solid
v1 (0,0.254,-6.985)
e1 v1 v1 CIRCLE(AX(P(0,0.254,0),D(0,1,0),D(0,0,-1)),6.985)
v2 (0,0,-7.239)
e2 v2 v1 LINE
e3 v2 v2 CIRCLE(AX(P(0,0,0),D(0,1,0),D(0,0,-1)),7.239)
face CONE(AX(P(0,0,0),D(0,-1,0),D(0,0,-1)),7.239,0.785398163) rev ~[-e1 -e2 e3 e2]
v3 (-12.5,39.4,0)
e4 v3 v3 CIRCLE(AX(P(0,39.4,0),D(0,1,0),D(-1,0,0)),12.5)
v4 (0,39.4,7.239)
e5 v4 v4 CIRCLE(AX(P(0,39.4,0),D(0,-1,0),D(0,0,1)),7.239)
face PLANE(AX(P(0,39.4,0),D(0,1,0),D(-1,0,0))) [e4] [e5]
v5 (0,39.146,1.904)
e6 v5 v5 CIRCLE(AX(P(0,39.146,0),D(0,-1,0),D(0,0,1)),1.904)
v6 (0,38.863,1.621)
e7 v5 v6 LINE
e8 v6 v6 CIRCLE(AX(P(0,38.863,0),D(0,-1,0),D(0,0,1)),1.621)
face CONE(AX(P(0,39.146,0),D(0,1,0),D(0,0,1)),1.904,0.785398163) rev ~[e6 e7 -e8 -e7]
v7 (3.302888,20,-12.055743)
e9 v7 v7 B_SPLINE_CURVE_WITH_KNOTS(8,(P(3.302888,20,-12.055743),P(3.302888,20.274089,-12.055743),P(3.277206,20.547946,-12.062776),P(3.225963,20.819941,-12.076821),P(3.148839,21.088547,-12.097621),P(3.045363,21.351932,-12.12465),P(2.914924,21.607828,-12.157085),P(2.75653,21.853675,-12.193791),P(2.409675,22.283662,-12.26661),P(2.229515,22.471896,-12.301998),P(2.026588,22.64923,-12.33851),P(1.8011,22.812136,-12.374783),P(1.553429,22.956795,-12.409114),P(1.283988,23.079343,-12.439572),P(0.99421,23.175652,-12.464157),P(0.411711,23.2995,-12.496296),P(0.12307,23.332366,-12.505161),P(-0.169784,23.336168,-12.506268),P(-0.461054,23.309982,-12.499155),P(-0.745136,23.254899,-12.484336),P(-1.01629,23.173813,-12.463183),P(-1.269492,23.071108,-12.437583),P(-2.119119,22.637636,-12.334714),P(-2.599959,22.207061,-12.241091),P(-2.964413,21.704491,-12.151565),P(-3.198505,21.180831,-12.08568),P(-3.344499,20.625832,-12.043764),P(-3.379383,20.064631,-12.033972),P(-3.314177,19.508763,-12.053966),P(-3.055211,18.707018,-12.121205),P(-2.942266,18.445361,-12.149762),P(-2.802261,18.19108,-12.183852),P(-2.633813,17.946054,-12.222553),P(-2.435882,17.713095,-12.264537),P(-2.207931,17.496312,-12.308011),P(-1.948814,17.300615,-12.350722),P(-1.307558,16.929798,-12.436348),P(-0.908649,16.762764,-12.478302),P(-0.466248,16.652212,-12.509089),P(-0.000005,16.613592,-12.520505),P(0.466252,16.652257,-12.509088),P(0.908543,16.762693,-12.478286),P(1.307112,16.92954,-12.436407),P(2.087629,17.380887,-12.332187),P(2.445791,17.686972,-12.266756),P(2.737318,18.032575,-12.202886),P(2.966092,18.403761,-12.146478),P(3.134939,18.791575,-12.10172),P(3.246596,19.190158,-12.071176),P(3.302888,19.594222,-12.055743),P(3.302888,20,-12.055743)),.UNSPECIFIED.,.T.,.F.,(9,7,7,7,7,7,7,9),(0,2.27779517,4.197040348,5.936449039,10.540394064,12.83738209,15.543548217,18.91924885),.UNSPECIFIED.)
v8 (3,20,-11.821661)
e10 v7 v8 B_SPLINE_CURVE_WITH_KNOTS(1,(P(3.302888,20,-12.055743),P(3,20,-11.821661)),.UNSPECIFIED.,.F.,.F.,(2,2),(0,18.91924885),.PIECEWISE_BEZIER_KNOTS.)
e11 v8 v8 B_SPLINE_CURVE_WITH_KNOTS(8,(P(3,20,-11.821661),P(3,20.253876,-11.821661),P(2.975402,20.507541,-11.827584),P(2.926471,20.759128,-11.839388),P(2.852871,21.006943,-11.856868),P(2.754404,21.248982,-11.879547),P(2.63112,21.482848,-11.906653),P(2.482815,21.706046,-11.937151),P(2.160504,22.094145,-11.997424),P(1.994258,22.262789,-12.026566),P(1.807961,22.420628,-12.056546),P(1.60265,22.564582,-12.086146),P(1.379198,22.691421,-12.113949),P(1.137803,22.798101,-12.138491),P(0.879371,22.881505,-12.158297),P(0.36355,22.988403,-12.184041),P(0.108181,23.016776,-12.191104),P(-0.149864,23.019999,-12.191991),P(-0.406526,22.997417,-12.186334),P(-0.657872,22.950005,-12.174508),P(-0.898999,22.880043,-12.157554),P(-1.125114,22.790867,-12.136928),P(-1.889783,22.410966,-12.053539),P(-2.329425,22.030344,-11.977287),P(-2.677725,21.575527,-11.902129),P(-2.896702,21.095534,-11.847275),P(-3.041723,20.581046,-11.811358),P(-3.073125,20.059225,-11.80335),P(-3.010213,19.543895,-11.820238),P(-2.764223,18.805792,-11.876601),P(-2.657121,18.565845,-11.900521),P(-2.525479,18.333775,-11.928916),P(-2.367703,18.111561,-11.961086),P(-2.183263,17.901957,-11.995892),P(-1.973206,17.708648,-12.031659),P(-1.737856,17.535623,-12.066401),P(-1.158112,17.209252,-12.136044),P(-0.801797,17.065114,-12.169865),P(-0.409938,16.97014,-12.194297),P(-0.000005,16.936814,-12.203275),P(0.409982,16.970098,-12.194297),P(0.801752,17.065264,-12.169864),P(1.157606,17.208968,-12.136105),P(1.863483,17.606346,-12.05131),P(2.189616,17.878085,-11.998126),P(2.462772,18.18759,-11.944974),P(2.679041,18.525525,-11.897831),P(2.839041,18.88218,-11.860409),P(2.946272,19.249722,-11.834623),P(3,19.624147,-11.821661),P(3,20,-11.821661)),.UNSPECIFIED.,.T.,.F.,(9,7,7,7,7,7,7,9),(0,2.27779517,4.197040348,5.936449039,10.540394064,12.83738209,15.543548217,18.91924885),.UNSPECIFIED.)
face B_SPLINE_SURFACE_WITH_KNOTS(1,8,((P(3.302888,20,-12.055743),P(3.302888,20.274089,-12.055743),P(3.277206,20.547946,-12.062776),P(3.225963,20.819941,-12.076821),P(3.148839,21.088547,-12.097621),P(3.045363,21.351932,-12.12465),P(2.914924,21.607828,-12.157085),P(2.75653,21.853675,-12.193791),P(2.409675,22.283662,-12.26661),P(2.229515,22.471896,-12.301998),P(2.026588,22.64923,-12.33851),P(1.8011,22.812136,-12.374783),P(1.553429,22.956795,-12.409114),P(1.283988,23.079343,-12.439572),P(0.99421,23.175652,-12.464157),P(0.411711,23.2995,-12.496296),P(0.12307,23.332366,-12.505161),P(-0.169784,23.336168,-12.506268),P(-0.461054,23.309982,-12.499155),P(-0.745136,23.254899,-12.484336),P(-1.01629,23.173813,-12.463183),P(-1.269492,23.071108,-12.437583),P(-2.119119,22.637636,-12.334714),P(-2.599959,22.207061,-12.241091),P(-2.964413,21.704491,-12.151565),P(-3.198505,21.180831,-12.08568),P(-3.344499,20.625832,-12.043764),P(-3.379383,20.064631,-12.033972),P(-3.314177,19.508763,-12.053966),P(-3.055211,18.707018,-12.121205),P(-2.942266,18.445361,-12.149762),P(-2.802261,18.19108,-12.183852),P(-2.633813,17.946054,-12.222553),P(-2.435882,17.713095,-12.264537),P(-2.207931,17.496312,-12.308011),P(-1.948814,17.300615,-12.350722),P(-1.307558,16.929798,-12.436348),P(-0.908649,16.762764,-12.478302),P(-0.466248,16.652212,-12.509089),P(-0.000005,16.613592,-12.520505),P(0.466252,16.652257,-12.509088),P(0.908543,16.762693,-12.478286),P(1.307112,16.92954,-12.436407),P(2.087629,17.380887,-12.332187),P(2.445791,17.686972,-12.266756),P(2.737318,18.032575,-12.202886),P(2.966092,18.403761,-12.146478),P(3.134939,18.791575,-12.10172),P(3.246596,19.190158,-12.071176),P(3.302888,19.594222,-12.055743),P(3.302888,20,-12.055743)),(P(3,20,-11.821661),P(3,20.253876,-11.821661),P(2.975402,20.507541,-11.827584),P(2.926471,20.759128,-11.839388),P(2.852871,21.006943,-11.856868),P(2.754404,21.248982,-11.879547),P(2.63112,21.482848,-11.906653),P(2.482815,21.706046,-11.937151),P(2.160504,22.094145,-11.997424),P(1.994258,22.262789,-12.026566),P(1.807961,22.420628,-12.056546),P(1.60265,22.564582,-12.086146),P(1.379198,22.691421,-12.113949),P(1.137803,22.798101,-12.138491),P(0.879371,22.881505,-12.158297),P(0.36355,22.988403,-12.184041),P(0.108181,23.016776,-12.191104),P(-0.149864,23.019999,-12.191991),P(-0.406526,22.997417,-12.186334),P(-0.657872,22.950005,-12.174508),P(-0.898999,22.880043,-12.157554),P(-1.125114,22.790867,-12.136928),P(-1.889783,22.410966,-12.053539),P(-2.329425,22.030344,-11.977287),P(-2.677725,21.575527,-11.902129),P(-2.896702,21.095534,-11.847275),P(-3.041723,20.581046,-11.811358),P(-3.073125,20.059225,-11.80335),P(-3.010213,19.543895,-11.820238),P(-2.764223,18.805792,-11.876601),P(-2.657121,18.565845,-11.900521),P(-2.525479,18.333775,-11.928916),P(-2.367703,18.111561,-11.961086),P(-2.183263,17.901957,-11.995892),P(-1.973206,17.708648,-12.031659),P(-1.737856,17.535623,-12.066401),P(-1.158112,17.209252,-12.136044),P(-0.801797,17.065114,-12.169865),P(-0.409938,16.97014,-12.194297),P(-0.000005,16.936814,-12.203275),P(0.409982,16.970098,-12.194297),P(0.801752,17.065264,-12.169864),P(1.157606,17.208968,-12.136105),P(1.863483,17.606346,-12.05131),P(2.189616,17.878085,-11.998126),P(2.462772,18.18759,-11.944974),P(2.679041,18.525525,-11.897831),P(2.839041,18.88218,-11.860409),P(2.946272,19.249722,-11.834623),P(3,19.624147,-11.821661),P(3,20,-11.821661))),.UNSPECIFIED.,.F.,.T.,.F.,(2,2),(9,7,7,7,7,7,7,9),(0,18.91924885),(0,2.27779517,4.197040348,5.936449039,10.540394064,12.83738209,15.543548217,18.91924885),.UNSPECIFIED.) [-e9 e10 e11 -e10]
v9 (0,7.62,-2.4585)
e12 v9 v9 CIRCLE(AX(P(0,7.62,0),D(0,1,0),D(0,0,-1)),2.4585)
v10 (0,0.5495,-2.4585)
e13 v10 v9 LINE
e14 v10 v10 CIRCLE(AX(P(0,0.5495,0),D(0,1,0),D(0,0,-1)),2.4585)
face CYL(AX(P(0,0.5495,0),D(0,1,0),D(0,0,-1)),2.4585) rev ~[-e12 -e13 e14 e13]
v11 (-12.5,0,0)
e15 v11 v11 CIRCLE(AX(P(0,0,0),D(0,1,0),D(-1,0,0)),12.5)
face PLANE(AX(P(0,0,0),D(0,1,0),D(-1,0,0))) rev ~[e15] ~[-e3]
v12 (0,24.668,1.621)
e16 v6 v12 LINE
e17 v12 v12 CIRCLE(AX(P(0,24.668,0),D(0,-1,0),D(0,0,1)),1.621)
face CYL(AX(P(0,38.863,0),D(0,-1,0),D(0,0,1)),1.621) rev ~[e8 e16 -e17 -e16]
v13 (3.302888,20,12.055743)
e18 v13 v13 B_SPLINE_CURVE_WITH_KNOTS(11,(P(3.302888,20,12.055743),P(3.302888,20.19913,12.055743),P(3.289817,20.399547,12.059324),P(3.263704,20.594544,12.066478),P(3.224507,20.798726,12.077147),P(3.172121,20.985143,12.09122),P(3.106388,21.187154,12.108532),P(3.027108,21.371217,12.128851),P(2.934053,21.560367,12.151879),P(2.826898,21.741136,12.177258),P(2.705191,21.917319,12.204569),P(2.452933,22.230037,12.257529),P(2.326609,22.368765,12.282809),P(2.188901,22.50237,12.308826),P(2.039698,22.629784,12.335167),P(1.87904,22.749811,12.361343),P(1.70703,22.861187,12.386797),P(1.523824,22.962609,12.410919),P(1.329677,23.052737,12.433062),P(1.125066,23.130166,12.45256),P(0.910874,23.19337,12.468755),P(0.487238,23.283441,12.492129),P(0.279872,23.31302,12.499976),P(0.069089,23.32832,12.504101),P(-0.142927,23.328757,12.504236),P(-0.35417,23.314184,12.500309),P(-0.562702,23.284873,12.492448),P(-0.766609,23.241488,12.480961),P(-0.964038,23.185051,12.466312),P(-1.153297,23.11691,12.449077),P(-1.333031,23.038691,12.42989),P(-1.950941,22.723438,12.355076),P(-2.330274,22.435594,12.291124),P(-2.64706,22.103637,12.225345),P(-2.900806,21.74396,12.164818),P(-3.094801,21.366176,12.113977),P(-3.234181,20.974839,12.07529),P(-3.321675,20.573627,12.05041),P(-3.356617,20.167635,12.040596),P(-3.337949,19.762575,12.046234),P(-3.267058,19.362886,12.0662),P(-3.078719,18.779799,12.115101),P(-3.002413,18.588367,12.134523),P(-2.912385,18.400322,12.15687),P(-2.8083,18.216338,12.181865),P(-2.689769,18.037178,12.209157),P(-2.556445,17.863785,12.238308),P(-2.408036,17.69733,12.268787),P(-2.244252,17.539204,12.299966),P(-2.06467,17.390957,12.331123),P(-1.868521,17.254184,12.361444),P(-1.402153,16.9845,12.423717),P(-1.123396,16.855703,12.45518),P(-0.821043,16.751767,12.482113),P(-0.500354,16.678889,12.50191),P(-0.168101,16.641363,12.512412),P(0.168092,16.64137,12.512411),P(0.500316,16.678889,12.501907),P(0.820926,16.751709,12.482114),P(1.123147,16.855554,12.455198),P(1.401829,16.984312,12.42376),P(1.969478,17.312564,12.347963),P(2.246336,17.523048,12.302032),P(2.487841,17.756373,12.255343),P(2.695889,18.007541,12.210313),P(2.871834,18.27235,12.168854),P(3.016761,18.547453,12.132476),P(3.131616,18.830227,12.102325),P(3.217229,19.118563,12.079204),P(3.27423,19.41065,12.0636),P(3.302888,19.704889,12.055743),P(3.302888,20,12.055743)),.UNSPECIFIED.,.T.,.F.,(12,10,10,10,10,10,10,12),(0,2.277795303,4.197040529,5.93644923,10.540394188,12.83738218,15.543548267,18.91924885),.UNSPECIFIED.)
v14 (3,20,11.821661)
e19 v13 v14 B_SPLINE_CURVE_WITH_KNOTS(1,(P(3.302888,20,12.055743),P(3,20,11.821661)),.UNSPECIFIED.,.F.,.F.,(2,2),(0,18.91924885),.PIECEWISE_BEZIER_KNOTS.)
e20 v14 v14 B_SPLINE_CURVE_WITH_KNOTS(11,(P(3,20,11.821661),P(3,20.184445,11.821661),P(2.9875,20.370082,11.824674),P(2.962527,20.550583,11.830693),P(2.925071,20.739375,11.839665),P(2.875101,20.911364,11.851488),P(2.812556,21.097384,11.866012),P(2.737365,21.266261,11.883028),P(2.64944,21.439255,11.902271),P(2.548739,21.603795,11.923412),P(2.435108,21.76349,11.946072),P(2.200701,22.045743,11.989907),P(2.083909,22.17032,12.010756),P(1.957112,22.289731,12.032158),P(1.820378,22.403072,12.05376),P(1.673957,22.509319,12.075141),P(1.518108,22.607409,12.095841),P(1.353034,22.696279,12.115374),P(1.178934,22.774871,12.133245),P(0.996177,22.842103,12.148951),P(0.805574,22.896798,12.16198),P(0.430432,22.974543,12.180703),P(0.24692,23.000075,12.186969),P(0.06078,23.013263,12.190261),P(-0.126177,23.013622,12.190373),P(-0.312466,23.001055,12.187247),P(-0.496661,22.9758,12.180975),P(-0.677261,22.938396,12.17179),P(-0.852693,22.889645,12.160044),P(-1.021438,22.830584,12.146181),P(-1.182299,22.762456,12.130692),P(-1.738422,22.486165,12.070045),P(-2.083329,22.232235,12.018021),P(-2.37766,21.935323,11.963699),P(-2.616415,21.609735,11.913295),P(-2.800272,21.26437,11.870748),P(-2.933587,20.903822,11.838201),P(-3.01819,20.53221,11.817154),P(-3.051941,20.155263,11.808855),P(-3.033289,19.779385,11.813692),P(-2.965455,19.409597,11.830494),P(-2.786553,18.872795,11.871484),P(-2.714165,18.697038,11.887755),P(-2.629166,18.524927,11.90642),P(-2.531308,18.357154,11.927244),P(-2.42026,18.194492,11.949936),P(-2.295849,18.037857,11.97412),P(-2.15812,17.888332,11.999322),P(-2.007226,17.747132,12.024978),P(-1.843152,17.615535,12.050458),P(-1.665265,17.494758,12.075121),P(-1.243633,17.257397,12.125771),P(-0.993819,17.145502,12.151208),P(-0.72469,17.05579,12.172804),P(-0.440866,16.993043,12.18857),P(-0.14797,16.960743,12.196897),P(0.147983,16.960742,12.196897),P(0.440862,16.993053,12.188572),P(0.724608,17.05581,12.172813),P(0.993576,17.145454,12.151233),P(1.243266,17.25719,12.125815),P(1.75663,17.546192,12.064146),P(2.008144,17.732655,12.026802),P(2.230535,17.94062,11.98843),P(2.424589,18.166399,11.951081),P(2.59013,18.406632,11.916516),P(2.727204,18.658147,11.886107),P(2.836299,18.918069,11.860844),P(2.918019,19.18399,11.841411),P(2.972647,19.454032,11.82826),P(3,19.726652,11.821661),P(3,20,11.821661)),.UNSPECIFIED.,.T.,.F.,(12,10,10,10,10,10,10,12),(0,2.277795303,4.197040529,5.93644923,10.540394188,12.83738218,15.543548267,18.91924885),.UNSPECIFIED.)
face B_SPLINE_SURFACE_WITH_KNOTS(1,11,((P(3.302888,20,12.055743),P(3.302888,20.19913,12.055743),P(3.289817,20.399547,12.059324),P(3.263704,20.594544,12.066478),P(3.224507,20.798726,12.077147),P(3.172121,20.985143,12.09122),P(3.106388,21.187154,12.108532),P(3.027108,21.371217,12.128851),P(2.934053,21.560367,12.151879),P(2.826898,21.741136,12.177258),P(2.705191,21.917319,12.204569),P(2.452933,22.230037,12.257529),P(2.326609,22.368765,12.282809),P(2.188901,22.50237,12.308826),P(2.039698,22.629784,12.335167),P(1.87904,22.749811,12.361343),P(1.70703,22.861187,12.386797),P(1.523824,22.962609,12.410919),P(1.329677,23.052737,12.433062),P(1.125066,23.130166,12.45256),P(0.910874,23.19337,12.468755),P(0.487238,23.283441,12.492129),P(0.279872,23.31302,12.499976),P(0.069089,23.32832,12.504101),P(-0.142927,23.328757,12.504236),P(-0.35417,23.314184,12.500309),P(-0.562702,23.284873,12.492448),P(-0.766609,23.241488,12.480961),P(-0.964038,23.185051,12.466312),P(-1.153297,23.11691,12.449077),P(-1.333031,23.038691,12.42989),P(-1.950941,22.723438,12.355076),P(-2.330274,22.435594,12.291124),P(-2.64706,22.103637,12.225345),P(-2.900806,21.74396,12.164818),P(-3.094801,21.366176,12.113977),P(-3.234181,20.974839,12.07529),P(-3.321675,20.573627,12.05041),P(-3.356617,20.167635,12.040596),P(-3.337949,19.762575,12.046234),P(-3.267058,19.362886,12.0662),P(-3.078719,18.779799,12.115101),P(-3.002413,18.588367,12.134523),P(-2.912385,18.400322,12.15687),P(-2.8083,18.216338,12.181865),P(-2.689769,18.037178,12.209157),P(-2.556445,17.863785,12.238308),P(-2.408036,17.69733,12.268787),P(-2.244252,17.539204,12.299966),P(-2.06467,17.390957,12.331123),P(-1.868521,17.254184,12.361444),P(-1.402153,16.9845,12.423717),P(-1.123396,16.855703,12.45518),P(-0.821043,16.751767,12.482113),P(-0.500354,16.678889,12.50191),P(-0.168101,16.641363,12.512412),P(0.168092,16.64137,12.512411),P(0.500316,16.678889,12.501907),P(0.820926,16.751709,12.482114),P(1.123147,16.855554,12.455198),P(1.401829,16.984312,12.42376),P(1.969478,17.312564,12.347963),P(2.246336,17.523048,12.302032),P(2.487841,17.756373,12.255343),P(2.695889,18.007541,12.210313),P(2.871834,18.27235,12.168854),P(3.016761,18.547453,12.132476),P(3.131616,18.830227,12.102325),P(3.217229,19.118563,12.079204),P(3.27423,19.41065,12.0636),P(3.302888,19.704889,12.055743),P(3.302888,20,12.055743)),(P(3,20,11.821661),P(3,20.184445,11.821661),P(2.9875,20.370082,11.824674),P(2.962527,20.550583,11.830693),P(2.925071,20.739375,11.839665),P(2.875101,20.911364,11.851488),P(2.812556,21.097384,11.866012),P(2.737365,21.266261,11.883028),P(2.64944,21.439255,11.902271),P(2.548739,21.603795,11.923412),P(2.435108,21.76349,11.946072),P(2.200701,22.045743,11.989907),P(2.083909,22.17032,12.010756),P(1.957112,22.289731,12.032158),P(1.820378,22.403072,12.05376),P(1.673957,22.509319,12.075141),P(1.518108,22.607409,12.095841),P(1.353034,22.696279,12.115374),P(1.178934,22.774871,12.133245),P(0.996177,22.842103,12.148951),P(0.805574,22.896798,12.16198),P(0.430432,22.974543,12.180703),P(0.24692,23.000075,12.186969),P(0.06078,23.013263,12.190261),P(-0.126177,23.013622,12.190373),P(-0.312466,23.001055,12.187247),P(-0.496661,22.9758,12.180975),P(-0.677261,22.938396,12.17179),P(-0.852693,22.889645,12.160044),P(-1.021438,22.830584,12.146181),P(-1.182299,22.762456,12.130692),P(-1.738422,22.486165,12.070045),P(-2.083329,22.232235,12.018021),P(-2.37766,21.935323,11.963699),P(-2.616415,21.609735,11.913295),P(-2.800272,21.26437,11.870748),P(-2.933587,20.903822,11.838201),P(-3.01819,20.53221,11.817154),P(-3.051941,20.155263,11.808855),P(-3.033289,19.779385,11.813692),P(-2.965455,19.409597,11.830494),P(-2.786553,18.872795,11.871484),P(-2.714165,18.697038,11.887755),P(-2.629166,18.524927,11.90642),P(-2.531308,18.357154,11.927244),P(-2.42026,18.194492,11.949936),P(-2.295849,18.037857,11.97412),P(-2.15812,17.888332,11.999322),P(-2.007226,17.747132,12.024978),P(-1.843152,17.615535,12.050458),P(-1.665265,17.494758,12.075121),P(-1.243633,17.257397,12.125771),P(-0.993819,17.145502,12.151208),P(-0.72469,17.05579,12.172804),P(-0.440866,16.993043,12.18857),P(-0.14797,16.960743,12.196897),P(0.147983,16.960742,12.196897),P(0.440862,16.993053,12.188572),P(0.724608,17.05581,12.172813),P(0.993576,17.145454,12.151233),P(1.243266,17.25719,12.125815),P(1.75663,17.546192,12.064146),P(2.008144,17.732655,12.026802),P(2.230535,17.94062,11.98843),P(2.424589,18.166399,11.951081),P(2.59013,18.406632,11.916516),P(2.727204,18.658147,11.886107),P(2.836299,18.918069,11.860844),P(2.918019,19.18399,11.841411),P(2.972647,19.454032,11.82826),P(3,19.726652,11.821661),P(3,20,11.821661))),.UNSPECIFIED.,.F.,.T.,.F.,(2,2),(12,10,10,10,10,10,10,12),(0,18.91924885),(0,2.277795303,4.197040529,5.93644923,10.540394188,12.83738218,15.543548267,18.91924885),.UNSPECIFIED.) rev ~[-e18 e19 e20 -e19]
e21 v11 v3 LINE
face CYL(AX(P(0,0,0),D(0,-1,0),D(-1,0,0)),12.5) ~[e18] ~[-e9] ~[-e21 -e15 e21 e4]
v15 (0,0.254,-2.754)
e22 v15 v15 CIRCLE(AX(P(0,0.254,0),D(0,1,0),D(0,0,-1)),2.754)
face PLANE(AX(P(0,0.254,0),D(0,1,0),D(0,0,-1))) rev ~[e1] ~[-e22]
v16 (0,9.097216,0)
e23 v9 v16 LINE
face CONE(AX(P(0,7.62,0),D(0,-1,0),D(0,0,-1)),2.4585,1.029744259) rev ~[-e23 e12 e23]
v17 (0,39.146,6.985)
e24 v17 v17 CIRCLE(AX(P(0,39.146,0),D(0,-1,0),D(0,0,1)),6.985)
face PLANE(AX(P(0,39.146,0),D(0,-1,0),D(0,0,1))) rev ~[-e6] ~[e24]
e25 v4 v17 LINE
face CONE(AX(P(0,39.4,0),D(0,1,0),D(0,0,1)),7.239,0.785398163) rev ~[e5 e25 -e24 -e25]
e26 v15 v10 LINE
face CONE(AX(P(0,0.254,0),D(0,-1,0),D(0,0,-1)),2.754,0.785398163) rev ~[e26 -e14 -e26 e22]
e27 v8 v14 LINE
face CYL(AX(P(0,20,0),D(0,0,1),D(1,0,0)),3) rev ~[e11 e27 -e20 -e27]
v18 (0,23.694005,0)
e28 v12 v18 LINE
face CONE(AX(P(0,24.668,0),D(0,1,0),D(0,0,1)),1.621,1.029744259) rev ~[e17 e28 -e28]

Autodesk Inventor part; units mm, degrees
ref_plane "YZ Plane" through (0, 0, 0) normal (1, 0, 0) x (0, 1, 0)
ref_plane "XZ Plane" through (0, 0, 0) normal (0, 1, 0) x (-1, 0, 0)
ref_plane "XY Plane" through (0, 0, 0) normal (0, 0, 1) x (1, 0, 0)
sketch "Sketch1" plane through (0, 0, 0) normal (0, 1, 0) x (-1, 0, 0)
  circle A0 centre (0, 0) radius 12.5
  dimension "d0" = 25
extrude "Extrusion1" add sketch "Sketch1" along normal blind 39.4
hole "ReliefTop" at (0, 39.4, 0) direction (0, -1, 0) diameter 13.97 depth 0.254 countersink diameter 14.478 countersink angle 90
hole "ReliefBottom" at (0, 0, 0) direction (0, 1, 0) diameter 13.97 depth 0.254 countersink diameter 14.478 countersink angle 90
hole "MountBottomM6" at (0, 0.254, 0) direction (0, 1, 0) diameter 4.917 depth 7.366 tip angle 118 countersink diameter 5.508 countersink angle 90 thread size "M6x1" class "6H" standard "ISO Metric profile"
hole "MountTopM4" at (0, 39.146, 0) direction (0, -1, 0) diameter 3.242 depth 14.478 tip angle 118 countersink diameter 3.808 countersink angle 90 thread size "M4x0.7" class "6H" standard "ISO Metric profile"
sketch "Sketch2" plane through (0, 0, 0) normal (0, 0, 1) x (1, 0, 0)
  circle A0 centre (0, 20) radius 3
  line L0 (-12.5, 0) -> (12.5, 0) projected
  line L1 (0, -4.6) -> (0, 27.6) projected
  point P0 (0, 0)
  dimension "d49" = 6
  dimension "d50" = 20
extrude "Extrusion2" cut sketch "Sketch2" along normal through all both and the other way through all
chamfer "Chamfer1" distance 0.313 angle 45 2 edges at (-3, 19.9998, 12.1347) (-3, 19.9998, -12.1347)
equation "\"d1\" = height"
equation "\"d5\" = reliefMinor"
equation "\"d7\" = reliefMajor"
equation "\"d10\" = reliefDepth"
equation "\"d14\" = reliefMinor"
equation "\"d16\" = reliefMajor"
equation "\"d19\" = reliefDepth"
equation "\"d25\" = chamferM6"
equation "\"d28\" = depthM6"
equation "\"d40\" = chamferM4"
equation "\"d43\" = depthM4"
equation "\"reliefDepth\" = 0.254"
equation "\"reliefMinor\" = 13.97"
equation "\"reliefMajor\" = 14.478"
equation "\"chamferM6\" = 5.508"
equation "\"chamferM4\" = 3.808"
equation "\"depthM6\" = 7.366"
equation "\"depthM4\" = 14.478"
equation "\"height\" = 39.4"
properties part number "PLS-P642H0394A00_M" material "Stainless Steel"
